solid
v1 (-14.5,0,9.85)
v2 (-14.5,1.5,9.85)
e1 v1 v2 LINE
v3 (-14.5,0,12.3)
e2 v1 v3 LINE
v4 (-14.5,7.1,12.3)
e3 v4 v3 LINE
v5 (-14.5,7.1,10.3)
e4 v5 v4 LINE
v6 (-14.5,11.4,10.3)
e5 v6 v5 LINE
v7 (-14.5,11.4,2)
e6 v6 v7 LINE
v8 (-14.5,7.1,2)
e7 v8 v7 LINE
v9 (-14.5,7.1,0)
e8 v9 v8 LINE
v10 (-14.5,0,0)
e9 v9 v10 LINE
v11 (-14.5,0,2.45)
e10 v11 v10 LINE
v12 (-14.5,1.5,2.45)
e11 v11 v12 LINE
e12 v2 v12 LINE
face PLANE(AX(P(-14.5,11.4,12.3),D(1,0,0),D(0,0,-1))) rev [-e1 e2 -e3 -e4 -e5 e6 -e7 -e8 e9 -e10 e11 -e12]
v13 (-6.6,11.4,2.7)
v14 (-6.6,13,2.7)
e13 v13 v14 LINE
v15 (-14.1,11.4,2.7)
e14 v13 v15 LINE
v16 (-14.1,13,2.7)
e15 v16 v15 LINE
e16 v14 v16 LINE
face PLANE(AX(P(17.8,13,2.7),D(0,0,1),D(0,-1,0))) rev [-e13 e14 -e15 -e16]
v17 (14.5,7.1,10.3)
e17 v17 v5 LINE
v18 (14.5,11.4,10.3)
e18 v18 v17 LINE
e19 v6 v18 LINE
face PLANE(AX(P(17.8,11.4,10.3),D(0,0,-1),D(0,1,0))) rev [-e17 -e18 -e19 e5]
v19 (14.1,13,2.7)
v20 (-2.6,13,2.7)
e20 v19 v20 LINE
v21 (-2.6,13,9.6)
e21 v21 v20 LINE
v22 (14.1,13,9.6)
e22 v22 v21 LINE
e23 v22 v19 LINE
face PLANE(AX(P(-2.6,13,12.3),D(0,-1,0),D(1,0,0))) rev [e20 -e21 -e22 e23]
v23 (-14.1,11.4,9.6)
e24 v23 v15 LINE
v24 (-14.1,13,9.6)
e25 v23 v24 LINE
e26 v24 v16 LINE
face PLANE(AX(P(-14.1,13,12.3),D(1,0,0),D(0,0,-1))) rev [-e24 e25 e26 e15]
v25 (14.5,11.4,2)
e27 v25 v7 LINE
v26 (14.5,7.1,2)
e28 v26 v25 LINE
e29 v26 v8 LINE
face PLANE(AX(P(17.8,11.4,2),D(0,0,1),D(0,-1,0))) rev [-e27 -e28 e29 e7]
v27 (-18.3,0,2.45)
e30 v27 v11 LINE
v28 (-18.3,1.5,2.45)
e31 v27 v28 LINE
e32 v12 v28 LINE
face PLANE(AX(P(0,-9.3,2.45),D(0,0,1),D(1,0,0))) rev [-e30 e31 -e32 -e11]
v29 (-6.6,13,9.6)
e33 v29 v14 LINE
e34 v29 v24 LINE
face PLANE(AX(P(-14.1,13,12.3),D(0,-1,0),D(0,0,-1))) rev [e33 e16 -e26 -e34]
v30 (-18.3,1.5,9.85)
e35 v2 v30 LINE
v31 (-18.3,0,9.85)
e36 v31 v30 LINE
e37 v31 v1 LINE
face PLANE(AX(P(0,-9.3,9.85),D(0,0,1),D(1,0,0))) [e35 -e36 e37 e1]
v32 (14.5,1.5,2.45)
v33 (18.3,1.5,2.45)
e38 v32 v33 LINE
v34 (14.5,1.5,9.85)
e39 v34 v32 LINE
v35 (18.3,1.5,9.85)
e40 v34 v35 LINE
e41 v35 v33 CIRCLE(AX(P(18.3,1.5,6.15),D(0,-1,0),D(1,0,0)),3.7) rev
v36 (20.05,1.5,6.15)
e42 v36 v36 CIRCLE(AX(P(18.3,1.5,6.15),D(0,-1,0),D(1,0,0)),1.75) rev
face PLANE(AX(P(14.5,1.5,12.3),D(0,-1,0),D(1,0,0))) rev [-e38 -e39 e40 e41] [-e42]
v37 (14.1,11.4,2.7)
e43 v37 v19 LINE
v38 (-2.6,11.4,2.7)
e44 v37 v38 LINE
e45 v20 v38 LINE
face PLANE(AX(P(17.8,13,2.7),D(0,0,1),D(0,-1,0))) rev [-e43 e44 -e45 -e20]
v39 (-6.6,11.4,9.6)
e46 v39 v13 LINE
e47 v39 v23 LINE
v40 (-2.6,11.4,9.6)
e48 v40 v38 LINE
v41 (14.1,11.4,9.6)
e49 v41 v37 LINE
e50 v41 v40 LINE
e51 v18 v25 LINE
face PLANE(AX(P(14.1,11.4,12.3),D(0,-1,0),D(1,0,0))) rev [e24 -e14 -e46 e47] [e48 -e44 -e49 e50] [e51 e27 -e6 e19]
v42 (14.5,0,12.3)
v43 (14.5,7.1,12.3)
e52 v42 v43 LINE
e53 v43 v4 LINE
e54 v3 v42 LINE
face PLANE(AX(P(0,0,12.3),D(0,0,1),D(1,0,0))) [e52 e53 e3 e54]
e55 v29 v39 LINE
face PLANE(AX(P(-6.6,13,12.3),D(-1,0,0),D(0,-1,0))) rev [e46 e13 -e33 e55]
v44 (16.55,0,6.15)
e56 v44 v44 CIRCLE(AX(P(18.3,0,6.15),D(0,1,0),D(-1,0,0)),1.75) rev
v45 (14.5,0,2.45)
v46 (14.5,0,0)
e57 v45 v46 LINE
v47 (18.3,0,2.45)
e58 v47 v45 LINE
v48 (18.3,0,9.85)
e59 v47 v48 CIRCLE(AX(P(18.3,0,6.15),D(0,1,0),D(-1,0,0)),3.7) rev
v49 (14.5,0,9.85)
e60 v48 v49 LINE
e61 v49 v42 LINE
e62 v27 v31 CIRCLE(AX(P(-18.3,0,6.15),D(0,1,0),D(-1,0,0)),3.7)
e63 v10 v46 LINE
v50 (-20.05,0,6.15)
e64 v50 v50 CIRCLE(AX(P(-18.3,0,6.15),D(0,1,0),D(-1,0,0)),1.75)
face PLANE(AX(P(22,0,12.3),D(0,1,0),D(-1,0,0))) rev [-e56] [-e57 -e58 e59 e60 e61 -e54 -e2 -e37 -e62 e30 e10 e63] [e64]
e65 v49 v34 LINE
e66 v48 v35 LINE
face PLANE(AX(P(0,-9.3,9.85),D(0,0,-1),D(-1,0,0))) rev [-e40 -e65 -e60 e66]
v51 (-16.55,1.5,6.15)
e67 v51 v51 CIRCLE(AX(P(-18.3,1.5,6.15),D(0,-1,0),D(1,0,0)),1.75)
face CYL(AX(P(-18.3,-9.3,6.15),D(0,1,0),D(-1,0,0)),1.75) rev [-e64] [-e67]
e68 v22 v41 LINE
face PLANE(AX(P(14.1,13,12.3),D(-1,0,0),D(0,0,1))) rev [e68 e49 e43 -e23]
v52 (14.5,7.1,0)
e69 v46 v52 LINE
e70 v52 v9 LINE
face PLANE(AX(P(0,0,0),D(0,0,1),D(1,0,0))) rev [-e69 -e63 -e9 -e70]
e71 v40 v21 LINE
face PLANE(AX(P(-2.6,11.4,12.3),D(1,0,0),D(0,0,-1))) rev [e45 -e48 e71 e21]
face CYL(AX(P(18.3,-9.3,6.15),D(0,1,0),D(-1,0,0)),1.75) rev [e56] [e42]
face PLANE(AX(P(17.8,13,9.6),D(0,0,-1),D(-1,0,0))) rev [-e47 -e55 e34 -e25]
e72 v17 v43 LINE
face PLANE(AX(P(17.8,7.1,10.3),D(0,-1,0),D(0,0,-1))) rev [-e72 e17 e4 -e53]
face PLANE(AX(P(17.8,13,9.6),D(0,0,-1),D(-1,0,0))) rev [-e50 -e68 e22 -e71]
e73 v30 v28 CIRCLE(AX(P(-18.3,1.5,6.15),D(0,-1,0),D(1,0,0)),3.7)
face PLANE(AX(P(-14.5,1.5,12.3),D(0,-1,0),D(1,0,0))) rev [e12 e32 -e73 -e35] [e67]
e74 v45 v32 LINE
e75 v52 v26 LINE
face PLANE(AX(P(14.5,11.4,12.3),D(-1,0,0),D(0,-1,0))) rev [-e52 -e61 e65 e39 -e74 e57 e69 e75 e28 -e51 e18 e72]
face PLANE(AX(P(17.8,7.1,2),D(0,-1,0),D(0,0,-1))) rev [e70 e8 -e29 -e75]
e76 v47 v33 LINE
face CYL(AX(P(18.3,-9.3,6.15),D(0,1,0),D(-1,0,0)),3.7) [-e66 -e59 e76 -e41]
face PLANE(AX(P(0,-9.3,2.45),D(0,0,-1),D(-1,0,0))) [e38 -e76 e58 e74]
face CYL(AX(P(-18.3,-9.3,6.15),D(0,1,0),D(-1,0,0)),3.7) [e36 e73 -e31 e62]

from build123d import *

# Parameters (mm, degrees)
RESSALTO_EXTRUS_O1_DEPTH = 12.3
ESBO_O2_R                = 1.75
CORTE_EXTRUS_O1_DEPTH    = 22.3
CORTE_EXTRUS_O2_DEPTH    = 32.3


with BuildPart() as part:
    # Esboço1 → Ressalto-extrusão1 (new body)
    with BuildSketch(Plane.XY):
        Polygon((-14.1, 13), (-14.1, 11.4), (-14.5, 11.4), (-14.5, 1.5), (-22, 1.5), (-22, 0), (-14.5, 0), (14.5, 0), (22, 0), (22, 1.5), (14.5, 1.5), (14.5, 11.4), (14.1, 11.4), (14.1, 13), (-2.6, 13), (-2.6, 11.4), (-6.6, 11.4), (-6.6, 13), align=None)
    extrude(amount=RESSALTO_EXTRUS_O1_DEPTH)

    # Esboço2 → Corte-extrusão1 (cut)
    with BuildSketch(Plane(origin=(0, 13, 0), x_dir=(1, 0, 0), z_dir=(0, 1, 0))):
        with BuildLine():
            ThreePointArc((-18.3, -9.85), (-20.91629509, -8.76629509), (-22, -6.15))
            Line((-22, -6.15), (-22, -12.3))
            Line((-22, -12.3), (-14.5, -12.3))
            Line((-14.5, -12.3), (-14.5, -9.85))
            Line((-14.5, -9.85), (-18.3, -9.85))
        make_face()
        with BuildLine():
            ThreePointArc((-22, -6.15), (-20.91629509, -3.53370491), (-18.3, -2.45))
            Line((-18.3, -2.45), (-14.5, -2.45))
            Line((-14.5, -2.45), (-14.5, 0))
            Line((-14.5, 0), (-22, 0))
            Line((-22, 0), (-22, -6.15))
        make_face()
        with BuildLine():
            ThreePointArc((18.3, -2.45), (20.91629509, -3.53370491), (22, -6.15))
            Line((22, -6.15), (22, 0))
            Line((22, 0), (14.5, 0))
            Line((14.5, 0), (14.5, -2.45))
            Line((14.5, -2.45), (18.3, -2.45))
        make_face()
        with BuildLine():
            Line((14.5, -12.3), (22, -12.3))
            Line((22, -12.3), (22, -6.15))
            ThreePointArc((22, -6.15), (20.91629509, -8.76629509), (18.3, -9.85))
            Line((18.3, -9.85), (14.5, -9.85))
            Line((14.5, -9.85), (14.5, -12.3))
        make_face()
        with Locations((-18.3, -6.15)):
            Circle(ESBO_O2_R)
        with Locations((18.3, -6.15)):
            Circle(ESBO_O2_R)
    extrude(amount=-CORTE_EXTRUS_O1_DEPTH, mode=Mode.SUBTRACT)

    # Esboço3 → Corte-extrusão2 (cut)
    with BuildSketch(Plane.ZY.offset(14.5)):
        Polygon((2.7, 13), (2.7, 11.4), (2, 11.4), (2, 7.1), (0, 7.1), (0, 13), align=None)
        Polygon((12.3, 13), (12.3, 7.1), (10.3, 7.1), (10.3, 11.4), (9.6, 11.4), (9.6, 13), align=None)
    extrude(amount=-CORTE_EXTRUS_O2_DEPTH, mode=Mode.SUBTRACT)


solid = part.part
